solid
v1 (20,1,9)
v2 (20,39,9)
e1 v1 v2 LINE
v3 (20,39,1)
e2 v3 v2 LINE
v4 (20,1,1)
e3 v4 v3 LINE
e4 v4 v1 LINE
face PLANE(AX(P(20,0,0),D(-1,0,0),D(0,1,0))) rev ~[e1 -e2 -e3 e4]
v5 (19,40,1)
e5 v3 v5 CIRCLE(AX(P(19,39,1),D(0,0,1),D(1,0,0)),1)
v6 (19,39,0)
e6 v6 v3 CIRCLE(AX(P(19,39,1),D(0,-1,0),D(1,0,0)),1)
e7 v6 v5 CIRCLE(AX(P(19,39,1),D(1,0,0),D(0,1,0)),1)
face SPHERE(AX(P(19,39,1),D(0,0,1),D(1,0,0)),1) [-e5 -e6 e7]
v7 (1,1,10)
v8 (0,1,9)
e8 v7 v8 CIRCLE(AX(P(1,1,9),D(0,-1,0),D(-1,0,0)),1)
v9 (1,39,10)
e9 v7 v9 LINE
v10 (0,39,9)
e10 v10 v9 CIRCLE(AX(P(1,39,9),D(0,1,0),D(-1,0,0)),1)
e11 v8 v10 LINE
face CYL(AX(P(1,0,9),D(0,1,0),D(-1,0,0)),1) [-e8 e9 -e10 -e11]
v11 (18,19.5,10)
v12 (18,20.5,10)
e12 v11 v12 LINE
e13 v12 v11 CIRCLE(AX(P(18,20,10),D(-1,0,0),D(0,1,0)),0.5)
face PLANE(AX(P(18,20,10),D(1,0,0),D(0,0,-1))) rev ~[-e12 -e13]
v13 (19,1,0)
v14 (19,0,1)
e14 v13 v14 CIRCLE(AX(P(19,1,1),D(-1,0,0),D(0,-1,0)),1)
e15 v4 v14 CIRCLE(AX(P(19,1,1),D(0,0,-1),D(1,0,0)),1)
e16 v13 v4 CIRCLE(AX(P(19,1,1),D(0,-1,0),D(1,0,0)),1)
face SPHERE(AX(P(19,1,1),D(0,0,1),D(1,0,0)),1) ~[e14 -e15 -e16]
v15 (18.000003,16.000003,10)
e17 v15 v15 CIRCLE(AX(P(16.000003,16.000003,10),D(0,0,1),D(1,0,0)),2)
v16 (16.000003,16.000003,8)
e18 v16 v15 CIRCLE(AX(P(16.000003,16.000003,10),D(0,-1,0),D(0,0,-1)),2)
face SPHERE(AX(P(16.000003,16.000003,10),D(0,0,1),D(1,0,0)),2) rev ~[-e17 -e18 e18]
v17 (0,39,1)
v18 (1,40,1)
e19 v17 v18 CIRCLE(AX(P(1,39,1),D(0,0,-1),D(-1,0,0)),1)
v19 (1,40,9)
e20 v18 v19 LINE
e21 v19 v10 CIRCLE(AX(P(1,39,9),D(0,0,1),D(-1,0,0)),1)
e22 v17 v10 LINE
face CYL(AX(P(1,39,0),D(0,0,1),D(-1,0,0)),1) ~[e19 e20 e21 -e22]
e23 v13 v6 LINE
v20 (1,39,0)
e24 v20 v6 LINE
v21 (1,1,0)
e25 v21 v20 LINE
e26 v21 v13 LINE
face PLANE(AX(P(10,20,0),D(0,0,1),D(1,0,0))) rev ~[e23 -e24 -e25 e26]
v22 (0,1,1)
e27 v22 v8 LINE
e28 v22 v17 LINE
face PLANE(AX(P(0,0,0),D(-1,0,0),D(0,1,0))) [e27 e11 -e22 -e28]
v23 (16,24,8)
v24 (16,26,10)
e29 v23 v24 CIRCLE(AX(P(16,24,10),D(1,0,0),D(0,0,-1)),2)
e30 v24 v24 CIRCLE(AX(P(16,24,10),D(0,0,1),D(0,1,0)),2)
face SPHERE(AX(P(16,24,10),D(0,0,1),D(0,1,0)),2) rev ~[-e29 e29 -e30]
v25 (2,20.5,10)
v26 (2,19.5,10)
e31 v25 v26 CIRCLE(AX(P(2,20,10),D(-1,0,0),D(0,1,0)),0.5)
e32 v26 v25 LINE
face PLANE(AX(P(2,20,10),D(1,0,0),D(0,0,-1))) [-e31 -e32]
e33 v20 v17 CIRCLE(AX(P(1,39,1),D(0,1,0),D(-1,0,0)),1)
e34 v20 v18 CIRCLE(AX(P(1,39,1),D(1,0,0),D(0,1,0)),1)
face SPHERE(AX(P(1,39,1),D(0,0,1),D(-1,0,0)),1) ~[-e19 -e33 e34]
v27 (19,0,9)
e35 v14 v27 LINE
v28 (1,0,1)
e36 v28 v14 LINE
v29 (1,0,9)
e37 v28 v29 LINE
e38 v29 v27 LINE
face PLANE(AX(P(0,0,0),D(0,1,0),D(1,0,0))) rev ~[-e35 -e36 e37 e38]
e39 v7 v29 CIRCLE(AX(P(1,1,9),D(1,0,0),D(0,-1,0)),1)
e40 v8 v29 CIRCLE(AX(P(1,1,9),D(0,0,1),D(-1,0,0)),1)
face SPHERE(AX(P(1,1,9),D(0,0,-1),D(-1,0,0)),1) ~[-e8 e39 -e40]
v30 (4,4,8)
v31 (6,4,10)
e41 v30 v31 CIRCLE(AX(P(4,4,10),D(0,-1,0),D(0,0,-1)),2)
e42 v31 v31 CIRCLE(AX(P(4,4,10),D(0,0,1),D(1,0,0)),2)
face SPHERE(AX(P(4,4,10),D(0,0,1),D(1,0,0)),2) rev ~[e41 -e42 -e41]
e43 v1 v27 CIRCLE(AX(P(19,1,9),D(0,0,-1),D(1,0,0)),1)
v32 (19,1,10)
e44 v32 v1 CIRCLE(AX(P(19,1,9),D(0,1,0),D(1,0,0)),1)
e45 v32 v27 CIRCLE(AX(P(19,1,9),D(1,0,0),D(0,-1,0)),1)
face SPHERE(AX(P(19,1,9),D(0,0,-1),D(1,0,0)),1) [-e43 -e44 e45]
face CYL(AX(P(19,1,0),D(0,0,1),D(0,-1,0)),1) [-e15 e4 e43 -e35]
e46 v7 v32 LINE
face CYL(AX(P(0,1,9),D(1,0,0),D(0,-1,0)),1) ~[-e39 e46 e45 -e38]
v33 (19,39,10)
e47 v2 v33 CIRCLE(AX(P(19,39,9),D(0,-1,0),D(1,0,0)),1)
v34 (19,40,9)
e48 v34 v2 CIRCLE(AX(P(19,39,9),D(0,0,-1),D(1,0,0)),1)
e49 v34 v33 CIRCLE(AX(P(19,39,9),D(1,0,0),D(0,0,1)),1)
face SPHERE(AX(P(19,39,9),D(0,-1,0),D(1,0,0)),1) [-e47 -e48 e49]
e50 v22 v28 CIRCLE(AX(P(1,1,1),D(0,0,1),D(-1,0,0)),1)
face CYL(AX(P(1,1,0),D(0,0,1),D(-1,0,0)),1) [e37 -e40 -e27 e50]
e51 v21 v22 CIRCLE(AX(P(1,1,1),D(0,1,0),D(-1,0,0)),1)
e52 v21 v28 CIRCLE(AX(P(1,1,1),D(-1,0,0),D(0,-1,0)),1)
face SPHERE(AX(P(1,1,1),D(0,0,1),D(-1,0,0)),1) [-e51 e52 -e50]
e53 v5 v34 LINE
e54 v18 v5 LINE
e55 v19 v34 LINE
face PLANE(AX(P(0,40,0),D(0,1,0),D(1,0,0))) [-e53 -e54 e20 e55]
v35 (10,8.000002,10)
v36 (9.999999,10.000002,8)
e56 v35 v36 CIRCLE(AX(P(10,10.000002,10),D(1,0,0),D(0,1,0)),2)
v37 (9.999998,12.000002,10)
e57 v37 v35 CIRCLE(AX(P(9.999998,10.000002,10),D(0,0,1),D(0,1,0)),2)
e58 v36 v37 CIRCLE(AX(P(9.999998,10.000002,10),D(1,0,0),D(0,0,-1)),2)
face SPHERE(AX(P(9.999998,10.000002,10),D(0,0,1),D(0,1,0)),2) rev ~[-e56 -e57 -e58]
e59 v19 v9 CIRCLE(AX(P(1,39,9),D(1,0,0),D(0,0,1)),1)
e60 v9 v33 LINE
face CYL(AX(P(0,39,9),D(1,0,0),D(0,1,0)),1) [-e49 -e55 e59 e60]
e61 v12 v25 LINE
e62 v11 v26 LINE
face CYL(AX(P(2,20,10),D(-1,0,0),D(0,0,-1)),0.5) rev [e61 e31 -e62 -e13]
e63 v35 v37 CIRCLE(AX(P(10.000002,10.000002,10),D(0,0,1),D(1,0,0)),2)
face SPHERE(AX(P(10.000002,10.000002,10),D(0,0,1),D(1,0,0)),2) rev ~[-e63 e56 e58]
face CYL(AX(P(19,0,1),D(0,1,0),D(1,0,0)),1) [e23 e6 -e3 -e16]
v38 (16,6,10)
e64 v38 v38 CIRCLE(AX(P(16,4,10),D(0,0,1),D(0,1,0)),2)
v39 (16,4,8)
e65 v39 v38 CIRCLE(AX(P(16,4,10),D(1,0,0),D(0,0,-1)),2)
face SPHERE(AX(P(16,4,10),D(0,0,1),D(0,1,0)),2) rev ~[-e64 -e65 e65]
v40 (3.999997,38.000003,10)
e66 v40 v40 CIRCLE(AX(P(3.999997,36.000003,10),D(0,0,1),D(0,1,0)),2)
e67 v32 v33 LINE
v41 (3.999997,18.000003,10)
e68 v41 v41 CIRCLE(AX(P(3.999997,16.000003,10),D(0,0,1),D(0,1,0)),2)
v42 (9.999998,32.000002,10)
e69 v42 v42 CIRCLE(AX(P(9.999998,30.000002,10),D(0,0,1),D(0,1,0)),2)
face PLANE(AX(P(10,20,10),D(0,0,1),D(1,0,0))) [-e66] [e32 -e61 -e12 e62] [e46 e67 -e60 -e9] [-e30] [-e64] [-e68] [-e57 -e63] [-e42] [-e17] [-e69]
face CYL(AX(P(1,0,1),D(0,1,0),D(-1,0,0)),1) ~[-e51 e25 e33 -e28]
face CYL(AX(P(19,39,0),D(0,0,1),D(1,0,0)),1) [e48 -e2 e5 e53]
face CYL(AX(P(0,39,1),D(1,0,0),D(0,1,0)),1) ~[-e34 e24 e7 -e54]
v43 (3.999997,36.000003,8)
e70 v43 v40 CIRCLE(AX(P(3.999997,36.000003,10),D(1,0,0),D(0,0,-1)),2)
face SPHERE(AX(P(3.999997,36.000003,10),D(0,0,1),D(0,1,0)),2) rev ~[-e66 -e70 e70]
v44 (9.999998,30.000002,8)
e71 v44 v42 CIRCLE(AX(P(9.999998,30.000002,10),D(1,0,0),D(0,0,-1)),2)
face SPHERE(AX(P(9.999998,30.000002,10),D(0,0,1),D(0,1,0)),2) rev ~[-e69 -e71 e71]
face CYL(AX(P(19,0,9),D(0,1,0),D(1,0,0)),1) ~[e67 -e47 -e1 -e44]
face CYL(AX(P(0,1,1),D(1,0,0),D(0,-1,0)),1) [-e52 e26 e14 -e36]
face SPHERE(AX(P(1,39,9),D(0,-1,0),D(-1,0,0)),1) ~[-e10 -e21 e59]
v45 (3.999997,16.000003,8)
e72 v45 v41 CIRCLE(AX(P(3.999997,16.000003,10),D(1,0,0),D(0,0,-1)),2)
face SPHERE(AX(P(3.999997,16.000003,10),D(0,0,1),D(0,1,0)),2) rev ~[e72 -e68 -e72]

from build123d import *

# Parameters (mm, degrees)
CYLINDER_R               = 0.5
CYLINDER_DEPTH           = 16
ARRAY002_X_COUNT         = 3
ARRAY002_X_PITCH         = 8.485281
ARRAY001_X_COUNT         = 3
ARRAY001_X_PITCH         = 8.485281
ARRAY001_PLACEMENT_ANGLE = 90
ARRAY_X_COUNT            = 3
ARRAY_X_PITCH            = 8.485281
ARRAY_PLACEMENT_ANGLE    = 90
BOX_W                    = 20
BOX_H                    = 40
BOX_DEPTH                = 10
FILLET_R                 = 1


with BuildPart() as division:
    # Cylinder → Cylinder (new body)
    with BuildSketch(Plane(origin=(2, 20, 10), x_dir=(0, 0, -1), z_dir=(1, 0, 0))):
        Circle(CYLINDER_R)
    extrude(amount=CYLINDER_DEPTH)


with BuildPart() as array002:
    # Sphere002 → Sphere002 (revolve)
    with BuildSketch(Plane.XZ):
        with BuildLine():
            ThreePointArc((0, -2), (2, 0), (0, 2))
            Line((0, 2), (0, -2))
        make_face()
    revolve(axis=Axis((0, 0, 0), (0, 0, 1)))

    # Array002 X: Array002 ×3


with BuildPart() as array002_1:
    add(array002.part)
    with Locations(*[Vector(0.707107, 0.707107, 0) * (i * ARRAY002_X_PITCH) for i in range(1, ARRAY002_X_COUNT)]):
        add(array002.part)


with BuildPart() as cinco:
    # Sphere001 → Sphere001 (revolve)
    with BuildSketch(Plane.XZ):
        with BuildLine():
            ThreePointArc((0, -2), (2, 0), (0, 2))
            Line((0, 2), (0, -2))
        make_face()
    revolve(axis=Axis((0, 0, 0), (0, 0, 1)))

    # Array001 X: cinco ×3


with BuildPart() as cinco_1:
    add(cinco.part)
    with Locations(*[Vector(0.707107, 0.707107, 0) * (i * ARRAY001_X_PITCH) for i in range(1, ARRAY001_X_COUNT)]):
        add(cinco.part)


with BuildPart() as cinco_2:
    # Array001 placement: moved
    add(cinco_1.part.moved(Location((12, 0, 0))).rotate(Axis((12, 0, 0), (0, 0, 1)), ARRAY001_PLACEMENT_ANGLE))

    # Fusion: union Array002
    add(array002_1.part)


with BuildPart() as cinco_3:
    # Fusion placement: moved
    add(cinco_2.part.moved(Location((4, 4, 10))))


with BuildPart() as grabado_tres_cinco:
    # Sphere → Sphere (revolve)
    with BuildSketch(Plane.XZ):
        with BuildLine():
            ThreePointArc((0, -2), (2, 0), (0, 2))
            Line((0, 2), (0, -2))
        make_face()
    revolve(axis=Axis((0, 0, 0), (0, 0, 1)))

    # Array X: grabado_tres_cinco ×3


with BuildPart() as grabado_tres_cinco_1:
    add(grabado_tres_cinco.part)
    with Locations(*[Vector(0.707107, 0.707107, 0) * (i * ARRAY_X_PITCH) for i in range(1, ARRAY_X_COUNT)]):
        add(grabado_tres_cinco.part)


with BuildPart() as grabado_tres_cinco_2:
    # Array placement: moved
    add(grabado_tres_cinco_1.part.moved(Location((16, 24, 10))).rotate(Axis((16, 24, 10), (0, 0, 1)), ARRAY_PLACEMENT_ANGLE))

    # Fusion001: union cinco
    add(cinco_3.part)

    # Fusion002: union division
    add(division.part)


with BuildPart() as pieza_tres_cicno:
    # Box → Box (new body)
    with BuildSketch(Plane.XY):
        with Locations((10, 20)):
            Rectangle(BOX_W, BOX_H)
    extrude(amount=BOX_DEPTH)

    # Fillet
    fillet_edges = [pieza_tres_cicno.edges().sort_by_distance(p)[0] for p in [
        (0, 0, 5),
        (0, 20, 10),
        (0, 40, 5),
        (0, 20, 0),
        (20, 0, 5),
        (20, 20, 10),
        (20, 40, 5),
        (20, 20, 0),
        (10, 0, 0),
        (10, 0, 10),
        (10, 40, 0),
        (10, 40, 10),
    ]]
    fillet(fillet_edges, radius=FILLET_R)

    # Cut: cut grabado_tres_cinco
    add(grabado_tres_cinco_2.part, mode=Mode.SUBTRACT)


solid = pieza_tres_cicno.part
